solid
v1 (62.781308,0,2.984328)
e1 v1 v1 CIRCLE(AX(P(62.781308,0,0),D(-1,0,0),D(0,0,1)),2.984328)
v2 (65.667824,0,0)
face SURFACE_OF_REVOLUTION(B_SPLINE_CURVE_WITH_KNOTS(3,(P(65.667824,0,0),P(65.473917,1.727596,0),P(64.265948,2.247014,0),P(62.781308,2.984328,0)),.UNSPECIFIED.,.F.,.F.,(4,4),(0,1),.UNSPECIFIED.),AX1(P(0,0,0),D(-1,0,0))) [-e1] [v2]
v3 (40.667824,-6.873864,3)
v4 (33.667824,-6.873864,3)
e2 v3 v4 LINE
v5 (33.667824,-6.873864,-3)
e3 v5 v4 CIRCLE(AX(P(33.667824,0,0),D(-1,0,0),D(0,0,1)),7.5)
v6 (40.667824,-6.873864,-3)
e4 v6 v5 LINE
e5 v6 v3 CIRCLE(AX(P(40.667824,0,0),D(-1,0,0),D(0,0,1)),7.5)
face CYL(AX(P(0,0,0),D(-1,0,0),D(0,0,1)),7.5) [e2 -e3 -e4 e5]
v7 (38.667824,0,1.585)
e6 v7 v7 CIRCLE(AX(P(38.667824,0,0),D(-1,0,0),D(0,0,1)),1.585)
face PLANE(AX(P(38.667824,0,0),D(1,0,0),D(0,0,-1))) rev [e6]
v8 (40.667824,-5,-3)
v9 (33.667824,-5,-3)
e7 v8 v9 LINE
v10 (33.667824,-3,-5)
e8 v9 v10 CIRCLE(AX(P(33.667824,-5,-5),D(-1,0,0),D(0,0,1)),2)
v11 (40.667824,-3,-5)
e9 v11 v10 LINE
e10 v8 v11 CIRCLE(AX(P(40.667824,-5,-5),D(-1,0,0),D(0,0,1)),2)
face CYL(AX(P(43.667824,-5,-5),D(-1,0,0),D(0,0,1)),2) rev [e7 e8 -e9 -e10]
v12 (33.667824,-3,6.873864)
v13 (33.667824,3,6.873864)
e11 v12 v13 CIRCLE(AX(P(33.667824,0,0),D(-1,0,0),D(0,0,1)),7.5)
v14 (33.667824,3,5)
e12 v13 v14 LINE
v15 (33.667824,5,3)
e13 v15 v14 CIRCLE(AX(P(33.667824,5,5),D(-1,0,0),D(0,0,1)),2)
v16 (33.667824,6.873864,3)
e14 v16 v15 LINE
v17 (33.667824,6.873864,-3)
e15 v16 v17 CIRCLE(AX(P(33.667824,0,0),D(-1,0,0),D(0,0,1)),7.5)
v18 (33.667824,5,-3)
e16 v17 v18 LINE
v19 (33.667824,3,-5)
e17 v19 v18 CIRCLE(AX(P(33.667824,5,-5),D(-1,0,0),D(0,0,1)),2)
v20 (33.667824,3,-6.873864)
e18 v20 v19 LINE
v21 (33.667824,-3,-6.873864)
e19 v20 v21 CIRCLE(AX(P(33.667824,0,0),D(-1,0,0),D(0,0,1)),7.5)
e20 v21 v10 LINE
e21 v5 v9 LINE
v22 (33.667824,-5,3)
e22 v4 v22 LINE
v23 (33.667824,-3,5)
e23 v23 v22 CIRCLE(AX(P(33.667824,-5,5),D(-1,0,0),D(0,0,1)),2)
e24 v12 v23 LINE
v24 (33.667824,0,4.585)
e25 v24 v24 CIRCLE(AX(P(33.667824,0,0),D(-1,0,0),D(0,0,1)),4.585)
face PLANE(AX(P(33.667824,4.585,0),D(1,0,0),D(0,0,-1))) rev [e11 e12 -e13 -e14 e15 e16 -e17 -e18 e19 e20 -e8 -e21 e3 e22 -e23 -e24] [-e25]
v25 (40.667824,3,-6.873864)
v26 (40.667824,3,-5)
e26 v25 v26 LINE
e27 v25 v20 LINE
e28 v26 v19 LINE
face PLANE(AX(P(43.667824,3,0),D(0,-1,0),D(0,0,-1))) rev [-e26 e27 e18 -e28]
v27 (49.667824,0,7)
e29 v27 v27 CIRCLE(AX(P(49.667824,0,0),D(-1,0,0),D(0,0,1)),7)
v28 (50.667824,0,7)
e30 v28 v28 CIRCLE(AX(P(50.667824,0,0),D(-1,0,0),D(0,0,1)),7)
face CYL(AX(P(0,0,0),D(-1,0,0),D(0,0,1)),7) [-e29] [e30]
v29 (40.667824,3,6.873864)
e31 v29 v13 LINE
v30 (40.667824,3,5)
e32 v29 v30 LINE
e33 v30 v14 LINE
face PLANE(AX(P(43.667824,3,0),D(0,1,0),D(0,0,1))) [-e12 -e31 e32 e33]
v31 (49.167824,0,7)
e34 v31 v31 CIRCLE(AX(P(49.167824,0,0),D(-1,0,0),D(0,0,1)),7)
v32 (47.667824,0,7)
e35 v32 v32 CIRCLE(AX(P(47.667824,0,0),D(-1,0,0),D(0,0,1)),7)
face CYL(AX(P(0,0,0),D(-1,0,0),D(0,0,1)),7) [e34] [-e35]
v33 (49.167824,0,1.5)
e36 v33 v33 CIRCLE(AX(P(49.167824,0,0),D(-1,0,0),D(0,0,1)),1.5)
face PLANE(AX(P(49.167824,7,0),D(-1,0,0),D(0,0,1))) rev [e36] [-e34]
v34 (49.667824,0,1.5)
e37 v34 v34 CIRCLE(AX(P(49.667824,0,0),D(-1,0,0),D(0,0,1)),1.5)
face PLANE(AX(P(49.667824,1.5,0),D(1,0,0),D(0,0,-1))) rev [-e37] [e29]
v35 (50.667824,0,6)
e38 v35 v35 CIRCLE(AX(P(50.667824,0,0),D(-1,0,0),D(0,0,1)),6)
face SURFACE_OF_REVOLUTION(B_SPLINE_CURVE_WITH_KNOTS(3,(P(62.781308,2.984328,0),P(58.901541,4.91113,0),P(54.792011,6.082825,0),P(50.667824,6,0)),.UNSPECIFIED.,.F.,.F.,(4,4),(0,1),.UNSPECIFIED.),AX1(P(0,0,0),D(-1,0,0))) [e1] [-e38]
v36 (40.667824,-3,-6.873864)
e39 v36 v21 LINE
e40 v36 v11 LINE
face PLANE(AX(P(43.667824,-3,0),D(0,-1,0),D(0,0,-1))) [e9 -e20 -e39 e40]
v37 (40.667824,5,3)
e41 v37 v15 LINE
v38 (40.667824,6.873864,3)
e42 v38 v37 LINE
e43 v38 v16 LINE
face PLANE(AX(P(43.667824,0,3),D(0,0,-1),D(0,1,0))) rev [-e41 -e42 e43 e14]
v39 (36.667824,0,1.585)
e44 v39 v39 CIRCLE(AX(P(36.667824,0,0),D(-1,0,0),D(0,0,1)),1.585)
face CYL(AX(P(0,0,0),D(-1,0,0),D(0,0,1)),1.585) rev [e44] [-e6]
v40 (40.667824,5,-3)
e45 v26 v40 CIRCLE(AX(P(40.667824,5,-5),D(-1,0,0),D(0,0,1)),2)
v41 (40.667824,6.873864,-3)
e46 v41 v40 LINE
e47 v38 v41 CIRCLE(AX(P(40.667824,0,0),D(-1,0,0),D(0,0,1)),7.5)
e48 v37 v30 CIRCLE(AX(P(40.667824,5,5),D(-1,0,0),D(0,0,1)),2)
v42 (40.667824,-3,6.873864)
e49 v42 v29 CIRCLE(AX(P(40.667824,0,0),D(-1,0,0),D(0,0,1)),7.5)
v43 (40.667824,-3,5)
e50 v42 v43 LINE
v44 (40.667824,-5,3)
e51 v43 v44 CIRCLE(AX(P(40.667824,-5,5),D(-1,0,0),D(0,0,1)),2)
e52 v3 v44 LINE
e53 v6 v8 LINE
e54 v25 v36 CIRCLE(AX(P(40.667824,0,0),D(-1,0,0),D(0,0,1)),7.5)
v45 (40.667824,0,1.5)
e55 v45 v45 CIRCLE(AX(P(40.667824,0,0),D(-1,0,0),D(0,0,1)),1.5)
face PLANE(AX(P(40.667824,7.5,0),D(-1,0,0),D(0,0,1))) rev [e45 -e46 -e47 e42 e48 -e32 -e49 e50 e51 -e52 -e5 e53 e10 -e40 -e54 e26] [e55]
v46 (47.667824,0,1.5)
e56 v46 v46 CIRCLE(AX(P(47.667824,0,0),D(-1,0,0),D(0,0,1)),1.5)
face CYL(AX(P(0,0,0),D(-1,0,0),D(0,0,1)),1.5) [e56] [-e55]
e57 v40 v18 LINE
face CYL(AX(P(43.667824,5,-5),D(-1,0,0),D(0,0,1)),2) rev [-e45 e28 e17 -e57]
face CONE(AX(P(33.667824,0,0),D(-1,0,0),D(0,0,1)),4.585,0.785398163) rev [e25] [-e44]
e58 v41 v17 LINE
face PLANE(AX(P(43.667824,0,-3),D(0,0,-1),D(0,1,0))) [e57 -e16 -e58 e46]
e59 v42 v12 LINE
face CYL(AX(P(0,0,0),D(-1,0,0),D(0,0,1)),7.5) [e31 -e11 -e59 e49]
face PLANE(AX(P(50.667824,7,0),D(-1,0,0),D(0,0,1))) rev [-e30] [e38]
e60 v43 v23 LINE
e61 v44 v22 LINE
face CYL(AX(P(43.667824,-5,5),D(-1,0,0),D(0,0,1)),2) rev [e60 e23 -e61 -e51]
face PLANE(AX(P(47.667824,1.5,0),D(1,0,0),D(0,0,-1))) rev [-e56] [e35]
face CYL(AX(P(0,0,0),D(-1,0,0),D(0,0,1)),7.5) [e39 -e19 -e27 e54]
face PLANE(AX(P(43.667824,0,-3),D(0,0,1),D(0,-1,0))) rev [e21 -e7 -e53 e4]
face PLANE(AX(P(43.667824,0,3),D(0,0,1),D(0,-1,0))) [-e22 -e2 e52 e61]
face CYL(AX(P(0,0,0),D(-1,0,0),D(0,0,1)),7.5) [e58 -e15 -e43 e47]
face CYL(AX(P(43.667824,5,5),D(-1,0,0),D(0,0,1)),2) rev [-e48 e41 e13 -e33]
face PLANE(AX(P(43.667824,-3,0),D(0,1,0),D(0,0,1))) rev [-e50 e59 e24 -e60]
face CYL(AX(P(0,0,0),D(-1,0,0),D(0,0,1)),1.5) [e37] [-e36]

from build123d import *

# Parameters (mm, degrees)
ENL_V_START             = -10
ENL_V_MAT_EXTRU_1_DEPTH = 10


with BuildPart() as part:
    # Esquisse1 → Révolution1 (revolve)
    with BuildSketch(Plane.XY):
        with BuildLine():
            Line((38.667823993, 0), (38.667823993, 1.585))
            Line((38.667823993, 1.585), (36.667823993, 1.585))
            Line((36.667823993, 1.585), (33.667823993, 4.585))
            Line((33.667823993, 4.585), (33.667823993, 7.5))
            Line((33.667823993, 7.5), (40.667823993, 7.5))
            Line((40.667823993, 7.5), (40.667823993, 1.5))
            Line((40.667823993, 1.5), (47.667823993, 1.5))
            Line((47.667823993, 1.5), (47.667823993, 7))
            Line((47.667823993, 7), (49.167823993, 7))
            Line((49.167823993, 7), (49.167823993, 1.5))
            Line((49.167823993, 1.5), (49.667823993, 1.5))
            Line((49.667823993, 1.5), (49.667823993, 7))
            Line((49.667823993, 7), (50.667823993, 7))
            Line((50.667823993, 7), (50.667823993, 6))
            add(Edge.make_bspline(
                [(50.667823993, 6), (54.792010738, 6.082824703), (58.901540934, 4.911130099), (62.781307834, 2.984328023)],
                knots=[0, 0, 0, 0, 1, 1, 1, 1], degree=3))
            add(Edge.make_bspline(
                [(62.781307834, 2.984328023), (64.265948318, 2.24701353), (65.473917032, 1.727596368), (65.667823993, 0)],
                knots=[0, 0, 0, 0, 1, 1, 1, 1], degree=3))
            Line((65.667823993, 0), (38.667823993, 0))
        make_face()
    revolve(axis=Axis((0, 0, 0), (1, 0, 0)))

    # Esquisse2 → Enlèv. mat.-Extru.1 (cut)
    with BuildSketch(Plane.ZY.offset(-33.667823993).offset(ENL_V_START)):
        with BuildLine():
            ThreePointArc((6.873863542, 3), (5.303300859, 5.303300859), (3, 6.873863542))
            Line((3, 6.873863542), (3, 5))
            ThreePointArc((3, 5), (3.585786438, 3.585786438), (5, 3))
            Line((5, 3), (6.873863542, 3))
        make_face()
        with BuildLine():
            Line((-3, 5), (-3, 6.873863542))
            ThreePointArc((-3, 6.873863542), (-5.303300859, 5.303300859), (-6.873863542, 3))
            Line((-6.873863542, 3), (-5, 3))
            ThreePointArc((-5, 3), (-3.585786438, 3.585786438), (-3, 5))
        make_face()
        with BuildLine():
            ThreePointArc((3, -6.873863542), (5.303300859, -5.303300859), (6.873863542, -3))
            Line((6.873863542, -3), (5, -3))
            ThreePointArc((5, -3), (3.585786438, -3.585786438), (3, -5))
            Line((3, -5), (3, -6.873863542))
        make_face()
        with BuildLine():
            Line((-5, -3), (-6.873863542, -3))
            ThreePointArc((-6.873863542, -3), (-5.303300859, -5.303300859), (-3, -6.873863542))
            Line((-3, -6.873863542), (-3, -5))
            ThreePointArc((-3, -5), (-3.585786438, -3.585786438), (-5, -3))
        make_face()
    extrude(amount=ENL_V_MAT_EXTRU_1_DEPTH, mode=Mode.SUBTRACT)


solid = part.part
